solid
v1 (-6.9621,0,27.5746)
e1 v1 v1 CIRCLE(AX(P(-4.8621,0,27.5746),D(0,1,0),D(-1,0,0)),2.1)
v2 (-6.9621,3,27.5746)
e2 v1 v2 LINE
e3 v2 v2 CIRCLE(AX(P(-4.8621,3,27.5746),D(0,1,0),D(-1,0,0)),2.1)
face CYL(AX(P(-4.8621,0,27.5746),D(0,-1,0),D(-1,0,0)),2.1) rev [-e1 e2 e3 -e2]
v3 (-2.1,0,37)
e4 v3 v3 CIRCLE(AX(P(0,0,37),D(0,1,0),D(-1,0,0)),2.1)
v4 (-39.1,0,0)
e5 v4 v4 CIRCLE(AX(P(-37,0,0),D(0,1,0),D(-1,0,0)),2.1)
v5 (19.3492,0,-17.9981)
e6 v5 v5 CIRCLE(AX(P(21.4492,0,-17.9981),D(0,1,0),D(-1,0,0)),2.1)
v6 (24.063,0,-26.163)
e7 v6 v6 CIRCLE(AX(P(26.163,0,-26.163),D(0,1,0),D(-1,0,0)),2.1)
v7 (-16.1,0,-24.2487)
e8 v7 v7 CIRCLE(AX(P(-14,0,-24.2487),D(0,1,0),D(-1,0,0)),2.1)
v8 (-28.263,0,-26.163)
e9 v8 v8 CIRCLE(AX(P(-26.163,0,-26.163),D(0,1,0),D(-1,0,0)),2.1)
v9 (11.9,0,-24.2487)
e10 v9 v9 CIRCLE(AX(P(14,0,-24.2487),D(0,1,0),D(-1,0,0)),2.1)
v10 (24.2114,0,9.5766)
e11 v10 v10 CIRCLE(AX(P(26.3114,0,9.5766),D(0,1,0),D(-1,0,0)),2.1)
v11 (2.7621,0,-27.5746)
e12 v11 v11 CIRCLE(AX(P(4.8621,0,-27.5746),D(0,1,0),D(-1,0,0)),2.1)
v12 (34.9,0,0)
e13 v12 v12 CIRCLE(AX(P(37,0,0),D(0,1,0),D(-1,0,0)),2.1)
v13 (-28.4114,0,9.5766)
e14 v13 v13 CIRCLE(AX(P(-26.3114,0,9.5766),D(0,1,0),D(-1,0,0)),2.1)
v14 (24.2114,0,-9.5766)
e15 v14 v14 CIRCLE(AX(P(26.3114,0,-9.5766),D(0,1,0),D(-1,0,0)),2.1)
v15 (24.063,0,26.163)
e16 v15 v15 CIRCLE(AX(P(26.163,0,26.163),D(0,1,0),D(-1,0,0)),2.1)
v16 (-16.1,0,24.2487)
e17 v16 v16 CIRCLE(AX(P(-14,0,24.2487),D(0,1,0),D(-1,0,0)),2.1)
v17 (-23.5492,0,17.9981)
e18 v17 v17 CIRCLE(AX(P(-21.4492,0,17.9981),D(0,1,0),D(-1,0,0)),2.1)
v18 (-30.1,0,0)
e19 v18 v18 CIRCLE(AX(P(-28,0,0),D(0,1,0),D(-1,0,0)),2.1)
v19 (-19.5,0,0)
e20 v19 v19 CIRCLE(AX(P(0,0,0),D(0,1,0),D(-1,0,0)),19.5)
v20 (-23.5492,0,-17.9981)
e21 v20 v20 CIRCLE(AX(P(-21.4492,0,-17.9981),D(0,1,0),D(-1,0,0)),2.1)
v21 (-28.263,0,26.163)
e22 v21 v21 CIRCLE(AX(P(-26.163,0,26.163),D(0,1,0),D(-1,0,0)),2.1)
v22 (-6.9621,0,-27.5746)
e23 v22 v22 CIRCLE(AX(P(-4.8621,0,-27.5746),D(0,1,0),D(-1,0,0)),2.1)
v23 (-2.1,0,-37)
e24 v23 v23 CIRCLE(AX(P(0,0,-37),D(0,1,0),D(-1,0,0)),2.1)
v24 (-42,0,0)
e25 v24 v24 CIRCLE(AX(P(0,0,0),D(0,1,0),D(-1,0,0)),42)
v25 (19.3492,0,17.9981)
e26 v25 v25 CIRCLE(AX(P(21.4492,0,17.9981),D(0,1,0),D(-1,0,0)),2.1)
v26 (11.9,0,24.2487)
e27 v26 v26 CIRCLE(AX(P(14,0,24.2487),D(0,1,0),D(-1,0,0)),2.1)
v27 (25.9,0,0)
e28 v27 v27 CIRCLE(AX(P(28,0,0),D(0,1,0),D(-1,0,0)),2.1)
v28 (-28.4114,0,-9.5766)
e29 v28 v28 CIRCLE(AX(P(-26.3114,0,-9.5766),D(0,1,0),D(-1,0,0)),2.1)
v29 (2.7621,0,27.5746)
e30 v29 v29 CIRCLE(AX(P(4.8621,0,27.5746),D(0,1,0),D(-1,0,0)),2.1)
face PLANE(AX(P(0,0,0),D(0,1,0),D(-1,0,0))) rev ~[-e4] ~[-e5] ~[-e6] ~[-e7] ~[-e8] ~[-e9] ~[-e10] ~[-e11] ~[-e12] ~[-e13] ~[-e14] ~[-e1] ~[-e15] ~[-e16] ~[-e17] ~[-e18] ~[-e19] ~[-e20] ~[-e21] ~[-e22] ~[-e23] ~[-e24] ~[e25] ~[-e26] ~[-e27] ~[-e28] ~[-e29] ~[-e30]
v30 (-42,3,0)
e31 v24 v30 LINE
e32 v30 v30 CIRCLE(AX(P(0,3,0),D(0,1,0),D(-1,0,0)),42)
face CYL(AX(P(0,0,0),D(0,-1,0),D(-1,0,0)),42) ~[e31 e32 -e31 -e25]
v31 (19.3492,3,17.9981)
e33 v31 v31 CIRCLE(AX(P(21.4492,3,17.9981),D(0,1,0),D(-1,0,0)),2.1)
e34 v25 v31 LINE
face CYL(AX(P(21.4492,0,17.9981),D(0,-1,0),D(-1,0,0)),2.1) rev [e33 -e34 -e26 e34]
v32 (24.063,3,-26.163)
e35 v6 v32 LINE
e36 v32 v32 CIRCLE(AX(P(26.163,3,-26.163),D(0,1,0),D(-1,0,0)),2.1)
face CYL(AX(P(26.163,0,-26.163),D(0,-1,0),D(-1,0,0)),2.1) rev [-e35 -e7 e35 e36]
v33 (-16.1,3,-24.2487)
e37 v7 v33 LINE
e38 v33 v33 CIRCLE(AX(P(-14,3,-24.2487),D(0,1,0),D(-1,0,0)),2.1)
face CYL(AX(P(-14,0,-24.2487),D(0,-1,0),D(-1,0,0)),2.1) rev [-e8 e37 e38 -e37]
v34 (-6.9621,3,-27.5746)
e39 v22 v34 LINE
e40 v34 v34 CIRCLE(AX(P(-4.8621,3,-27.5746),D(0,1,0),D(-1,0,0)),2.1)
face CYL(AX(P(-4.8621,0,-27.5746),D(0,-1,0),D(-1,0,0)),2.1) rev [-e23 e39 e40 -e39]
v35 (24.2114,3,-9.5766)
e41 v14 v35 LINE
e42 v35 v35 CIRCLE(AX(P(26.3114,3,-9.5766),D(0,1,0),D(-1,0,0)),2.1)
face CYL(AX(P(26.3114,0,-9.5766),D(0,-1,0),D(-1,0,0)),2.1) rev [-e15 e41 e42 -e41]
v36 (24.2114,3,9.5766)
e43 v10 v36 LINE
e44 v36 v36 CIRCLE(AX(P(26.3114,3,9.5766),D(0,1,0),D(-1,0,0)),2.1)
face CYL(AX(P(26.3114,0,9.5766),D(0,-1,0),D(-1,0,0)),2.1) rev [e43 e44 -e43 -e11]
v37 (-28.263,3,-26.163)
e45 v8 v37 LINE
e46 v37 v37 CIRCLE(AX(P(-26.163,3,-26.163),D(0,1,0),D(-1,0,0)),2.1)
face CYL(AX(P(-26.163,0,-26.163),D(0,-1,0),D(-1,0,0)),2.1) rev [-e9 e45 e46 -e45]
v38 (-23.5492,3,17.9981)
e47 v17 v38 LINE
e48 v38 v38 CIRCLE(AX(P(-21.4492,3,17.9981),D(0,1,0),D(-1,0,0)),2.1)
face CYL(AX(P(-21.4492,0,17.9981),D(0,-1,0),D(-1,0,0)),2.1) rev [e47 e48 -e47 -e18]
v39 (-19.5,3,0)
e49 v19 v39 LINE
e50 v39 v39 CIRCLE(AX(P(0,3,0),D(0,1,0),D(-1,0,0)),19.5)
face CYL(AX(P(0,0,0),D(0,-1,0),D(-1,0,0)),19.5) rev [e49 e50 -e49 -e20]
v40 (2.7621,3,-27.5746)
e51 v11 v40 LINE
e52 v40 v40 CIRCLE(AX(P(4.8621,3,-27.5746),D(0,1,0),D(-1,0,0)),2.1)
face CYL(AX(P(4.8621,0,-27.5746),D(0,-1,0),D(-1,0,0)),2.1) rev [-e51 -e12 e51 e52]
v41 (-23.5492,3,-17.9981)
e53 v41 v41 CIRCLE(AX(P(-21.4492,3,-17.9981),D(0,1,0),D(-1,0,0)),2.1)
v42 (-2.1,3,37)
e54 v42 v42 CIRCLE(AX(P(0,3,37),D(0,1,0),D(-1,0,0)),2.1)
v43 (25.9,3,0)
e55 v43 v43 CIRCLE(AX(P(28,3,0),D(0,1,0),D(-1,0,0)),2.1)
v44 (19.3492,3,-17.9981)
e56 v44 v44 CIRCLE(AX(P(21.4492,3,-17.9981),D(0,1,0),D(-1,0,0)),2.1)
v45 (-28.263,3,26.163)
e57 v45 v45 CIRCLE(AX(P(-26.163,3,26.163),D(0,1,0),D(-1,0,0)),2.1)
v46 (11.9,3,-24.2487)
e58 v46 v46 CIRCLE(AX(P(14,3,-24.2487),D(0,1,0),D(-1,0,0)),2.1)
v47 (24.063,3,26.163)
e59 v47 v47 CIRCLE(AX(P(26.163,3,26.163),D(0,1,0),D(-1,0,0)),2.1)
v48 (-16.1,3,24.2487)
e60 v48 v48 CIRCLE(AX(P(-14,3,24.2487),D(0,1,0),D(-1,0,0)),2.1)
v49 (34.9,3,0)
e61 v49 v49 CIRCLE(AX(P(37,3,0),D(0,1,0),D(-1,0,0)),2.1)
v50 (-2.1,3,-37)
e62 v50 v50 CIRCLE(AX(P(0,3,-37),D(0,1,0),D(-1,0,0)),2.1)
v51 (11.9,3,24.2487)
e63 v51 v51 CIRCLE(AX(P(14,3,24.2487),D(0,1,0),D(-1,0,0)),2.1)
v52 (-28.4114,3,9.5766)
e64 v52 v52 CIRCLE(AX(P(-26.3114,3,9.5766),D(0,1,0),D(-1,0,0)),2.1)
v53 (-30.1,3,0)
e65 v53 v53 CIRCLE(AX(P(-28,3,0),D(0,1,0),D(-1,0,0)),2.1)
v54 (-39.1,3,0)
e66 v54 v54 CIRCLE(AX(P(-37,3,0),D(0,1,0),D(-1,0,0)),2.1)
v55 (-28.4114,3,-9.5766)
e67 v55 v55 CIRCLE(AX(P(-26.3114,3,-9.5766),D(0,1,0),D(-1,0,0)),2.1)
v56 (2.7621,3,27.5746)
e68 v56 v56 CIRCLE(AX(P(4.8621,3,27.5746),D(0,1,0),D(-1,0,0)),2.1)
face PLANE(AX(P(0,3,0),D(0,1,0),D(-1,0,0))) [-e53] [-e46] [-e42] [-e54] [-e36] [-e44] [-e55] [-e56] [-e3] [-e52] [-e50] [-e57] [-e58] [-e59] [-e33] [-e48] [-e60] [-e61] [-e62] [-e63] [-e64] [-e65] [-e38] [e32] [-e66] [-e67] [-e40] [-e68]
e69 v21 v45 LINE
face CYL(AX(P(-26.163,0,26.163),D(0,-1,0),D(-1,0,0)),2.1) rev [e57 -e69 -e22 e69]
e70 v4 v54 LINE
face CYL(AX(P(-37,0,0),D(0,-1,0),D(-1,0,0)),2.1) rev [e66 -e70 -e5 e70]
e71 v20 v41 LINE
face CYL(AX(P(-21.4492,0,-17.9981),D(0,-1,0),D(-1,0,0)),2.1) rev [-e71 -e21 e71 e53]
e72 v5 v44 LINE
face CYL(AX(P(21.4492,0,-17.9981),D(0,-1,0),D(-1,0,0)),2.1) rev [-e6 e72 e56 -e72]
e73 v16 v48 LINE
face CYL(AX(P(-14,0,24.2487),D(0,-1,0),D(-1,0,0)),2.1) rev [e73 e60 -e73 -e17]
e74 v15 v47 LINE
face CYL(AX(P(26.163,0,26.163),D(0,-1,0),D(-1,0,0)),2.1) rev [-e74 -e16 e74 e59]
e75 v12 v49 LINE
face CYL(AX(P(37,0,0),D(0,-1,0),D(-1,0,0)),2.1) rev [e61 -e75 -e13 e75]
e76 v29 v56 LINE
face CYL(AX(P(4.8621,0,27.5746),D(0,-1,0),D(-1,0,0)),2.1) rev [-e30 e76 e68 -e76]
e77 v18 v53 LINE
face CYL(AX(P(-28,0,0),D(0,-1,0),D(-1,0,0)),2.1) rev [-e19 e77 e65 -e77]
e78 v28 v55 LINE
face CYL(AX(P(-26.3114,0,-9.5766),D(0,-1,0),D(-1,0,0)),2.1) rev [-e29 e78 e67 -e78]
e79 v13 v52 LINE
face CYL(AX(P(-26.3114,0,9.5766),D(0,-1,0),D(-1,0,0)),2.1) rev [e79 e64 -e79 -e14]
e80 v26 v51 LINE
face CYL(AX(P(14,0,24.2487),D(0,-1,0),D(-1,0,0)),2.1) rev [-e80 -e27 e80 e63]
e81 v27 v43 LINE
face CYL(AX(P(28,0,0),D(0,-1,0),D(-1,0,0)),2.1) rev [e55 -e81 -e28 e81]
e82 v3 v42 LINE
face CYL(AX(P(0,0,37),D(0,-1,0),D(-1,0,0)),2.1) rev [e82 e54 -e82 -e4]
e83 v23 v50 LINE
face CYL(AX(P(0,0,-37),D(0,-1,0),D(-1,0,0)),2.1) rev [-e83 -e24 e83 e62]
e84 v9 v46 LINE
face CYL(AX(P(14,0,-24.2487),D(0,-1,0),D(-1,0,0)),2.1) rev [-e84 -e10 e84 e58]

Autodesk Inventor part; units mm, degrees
ref_plane "YZ Plane" through (0, 0, 0) normal (1, 0, 0) x (0, 1, 0)
ref_plane "XZ Plane" through (0, 0, 0) normal (0, 1, 0) x (-1, 0, 0)
ref_plane "XY Plane" through (0, 0, 0) normal (0, 0, 1) x (1, 0, 0)
sketch "Sketch1" plane through (0, 0, 0) normal (0, 1, 0) x (-1, 0, 0)
  circle A0 centre (0, 0) radius 42
  circle A1 centre (0, 0) radius 19.5
  circle A2 centre (0, -37) radius 2.1
  circle A3 centre (26.163, -26.163) radius 2.1
  circle A4 centre (37, 0) radius 2.1
  circle A5 centre (26.163, 26.163) radius 2.1
  circle A6 centre (0, 37) radius 2.1
  circle A7 centre (-26.163, 26.163) radius 2.1
  circle A8 centre (-37, 0) radius 2.1
  circle A9 centre (-26.163, -26.163) radius 2.1
  circle A10 centre (-4.8621, -27.5746) radius 2.1
  circle A11 centre (4.8621, -27.5746) radius 2.1
  circle A12 centre (14, -24.2487) radius 2.1
  circle A13 centre (21.4492, -17.9981) radius 2.1
  circle A14 centre (26.3114, -9.5766) radius 2.1
  circle A15 centre (28, 0) radius 2.1
  circle A16 centre (26.3114, 9.5766) radius 2.1
  circle A17 centre (21.4492, 17.9981) radius 2.1
  circle A18 centre (14, 24.2487) radius 2.1
  circle A19 centre (4.8621, 27.5746) radius 2.1
  circle A20 centre (-4.8621, 27.5746) radius 2.1
  circle A21 centre (-14, 24.2487) radius 2.1
  circle A22 centre (-21.4492, 17.9981) radius 2.1
  circle A23 centre (-26.3114, 9.5766) radius 2.1
  circle A24 centre (-28, 0) radius 2.1
  circle A25 centre (-26.3114, -9.5766) radius 2.1
  circle A26 centre (-21.4492, -17.9981) radius 2.1
  circle A27 centre (-14, -24.2487) radius 2.1
  line L0 (0, 0) -> (-4.8621, -27.5746) construction
  line L1 (0, 0) -> (0, -11.0753) construction
  dimension "d2" = 84
  dimension "d3" = 39
  dimension "d4" = 4.2
  dimension "d5" = 37
  dimension "d6" = 360
  dimension "d9" = 4.2
  dimension "d10" = 28
  dimension "d11" = 360
  dimension "d12" = 10
extrude "Extrusion1" add sketch "Sketch1" along normal blind 3
properties part number "NewHousingLid"
